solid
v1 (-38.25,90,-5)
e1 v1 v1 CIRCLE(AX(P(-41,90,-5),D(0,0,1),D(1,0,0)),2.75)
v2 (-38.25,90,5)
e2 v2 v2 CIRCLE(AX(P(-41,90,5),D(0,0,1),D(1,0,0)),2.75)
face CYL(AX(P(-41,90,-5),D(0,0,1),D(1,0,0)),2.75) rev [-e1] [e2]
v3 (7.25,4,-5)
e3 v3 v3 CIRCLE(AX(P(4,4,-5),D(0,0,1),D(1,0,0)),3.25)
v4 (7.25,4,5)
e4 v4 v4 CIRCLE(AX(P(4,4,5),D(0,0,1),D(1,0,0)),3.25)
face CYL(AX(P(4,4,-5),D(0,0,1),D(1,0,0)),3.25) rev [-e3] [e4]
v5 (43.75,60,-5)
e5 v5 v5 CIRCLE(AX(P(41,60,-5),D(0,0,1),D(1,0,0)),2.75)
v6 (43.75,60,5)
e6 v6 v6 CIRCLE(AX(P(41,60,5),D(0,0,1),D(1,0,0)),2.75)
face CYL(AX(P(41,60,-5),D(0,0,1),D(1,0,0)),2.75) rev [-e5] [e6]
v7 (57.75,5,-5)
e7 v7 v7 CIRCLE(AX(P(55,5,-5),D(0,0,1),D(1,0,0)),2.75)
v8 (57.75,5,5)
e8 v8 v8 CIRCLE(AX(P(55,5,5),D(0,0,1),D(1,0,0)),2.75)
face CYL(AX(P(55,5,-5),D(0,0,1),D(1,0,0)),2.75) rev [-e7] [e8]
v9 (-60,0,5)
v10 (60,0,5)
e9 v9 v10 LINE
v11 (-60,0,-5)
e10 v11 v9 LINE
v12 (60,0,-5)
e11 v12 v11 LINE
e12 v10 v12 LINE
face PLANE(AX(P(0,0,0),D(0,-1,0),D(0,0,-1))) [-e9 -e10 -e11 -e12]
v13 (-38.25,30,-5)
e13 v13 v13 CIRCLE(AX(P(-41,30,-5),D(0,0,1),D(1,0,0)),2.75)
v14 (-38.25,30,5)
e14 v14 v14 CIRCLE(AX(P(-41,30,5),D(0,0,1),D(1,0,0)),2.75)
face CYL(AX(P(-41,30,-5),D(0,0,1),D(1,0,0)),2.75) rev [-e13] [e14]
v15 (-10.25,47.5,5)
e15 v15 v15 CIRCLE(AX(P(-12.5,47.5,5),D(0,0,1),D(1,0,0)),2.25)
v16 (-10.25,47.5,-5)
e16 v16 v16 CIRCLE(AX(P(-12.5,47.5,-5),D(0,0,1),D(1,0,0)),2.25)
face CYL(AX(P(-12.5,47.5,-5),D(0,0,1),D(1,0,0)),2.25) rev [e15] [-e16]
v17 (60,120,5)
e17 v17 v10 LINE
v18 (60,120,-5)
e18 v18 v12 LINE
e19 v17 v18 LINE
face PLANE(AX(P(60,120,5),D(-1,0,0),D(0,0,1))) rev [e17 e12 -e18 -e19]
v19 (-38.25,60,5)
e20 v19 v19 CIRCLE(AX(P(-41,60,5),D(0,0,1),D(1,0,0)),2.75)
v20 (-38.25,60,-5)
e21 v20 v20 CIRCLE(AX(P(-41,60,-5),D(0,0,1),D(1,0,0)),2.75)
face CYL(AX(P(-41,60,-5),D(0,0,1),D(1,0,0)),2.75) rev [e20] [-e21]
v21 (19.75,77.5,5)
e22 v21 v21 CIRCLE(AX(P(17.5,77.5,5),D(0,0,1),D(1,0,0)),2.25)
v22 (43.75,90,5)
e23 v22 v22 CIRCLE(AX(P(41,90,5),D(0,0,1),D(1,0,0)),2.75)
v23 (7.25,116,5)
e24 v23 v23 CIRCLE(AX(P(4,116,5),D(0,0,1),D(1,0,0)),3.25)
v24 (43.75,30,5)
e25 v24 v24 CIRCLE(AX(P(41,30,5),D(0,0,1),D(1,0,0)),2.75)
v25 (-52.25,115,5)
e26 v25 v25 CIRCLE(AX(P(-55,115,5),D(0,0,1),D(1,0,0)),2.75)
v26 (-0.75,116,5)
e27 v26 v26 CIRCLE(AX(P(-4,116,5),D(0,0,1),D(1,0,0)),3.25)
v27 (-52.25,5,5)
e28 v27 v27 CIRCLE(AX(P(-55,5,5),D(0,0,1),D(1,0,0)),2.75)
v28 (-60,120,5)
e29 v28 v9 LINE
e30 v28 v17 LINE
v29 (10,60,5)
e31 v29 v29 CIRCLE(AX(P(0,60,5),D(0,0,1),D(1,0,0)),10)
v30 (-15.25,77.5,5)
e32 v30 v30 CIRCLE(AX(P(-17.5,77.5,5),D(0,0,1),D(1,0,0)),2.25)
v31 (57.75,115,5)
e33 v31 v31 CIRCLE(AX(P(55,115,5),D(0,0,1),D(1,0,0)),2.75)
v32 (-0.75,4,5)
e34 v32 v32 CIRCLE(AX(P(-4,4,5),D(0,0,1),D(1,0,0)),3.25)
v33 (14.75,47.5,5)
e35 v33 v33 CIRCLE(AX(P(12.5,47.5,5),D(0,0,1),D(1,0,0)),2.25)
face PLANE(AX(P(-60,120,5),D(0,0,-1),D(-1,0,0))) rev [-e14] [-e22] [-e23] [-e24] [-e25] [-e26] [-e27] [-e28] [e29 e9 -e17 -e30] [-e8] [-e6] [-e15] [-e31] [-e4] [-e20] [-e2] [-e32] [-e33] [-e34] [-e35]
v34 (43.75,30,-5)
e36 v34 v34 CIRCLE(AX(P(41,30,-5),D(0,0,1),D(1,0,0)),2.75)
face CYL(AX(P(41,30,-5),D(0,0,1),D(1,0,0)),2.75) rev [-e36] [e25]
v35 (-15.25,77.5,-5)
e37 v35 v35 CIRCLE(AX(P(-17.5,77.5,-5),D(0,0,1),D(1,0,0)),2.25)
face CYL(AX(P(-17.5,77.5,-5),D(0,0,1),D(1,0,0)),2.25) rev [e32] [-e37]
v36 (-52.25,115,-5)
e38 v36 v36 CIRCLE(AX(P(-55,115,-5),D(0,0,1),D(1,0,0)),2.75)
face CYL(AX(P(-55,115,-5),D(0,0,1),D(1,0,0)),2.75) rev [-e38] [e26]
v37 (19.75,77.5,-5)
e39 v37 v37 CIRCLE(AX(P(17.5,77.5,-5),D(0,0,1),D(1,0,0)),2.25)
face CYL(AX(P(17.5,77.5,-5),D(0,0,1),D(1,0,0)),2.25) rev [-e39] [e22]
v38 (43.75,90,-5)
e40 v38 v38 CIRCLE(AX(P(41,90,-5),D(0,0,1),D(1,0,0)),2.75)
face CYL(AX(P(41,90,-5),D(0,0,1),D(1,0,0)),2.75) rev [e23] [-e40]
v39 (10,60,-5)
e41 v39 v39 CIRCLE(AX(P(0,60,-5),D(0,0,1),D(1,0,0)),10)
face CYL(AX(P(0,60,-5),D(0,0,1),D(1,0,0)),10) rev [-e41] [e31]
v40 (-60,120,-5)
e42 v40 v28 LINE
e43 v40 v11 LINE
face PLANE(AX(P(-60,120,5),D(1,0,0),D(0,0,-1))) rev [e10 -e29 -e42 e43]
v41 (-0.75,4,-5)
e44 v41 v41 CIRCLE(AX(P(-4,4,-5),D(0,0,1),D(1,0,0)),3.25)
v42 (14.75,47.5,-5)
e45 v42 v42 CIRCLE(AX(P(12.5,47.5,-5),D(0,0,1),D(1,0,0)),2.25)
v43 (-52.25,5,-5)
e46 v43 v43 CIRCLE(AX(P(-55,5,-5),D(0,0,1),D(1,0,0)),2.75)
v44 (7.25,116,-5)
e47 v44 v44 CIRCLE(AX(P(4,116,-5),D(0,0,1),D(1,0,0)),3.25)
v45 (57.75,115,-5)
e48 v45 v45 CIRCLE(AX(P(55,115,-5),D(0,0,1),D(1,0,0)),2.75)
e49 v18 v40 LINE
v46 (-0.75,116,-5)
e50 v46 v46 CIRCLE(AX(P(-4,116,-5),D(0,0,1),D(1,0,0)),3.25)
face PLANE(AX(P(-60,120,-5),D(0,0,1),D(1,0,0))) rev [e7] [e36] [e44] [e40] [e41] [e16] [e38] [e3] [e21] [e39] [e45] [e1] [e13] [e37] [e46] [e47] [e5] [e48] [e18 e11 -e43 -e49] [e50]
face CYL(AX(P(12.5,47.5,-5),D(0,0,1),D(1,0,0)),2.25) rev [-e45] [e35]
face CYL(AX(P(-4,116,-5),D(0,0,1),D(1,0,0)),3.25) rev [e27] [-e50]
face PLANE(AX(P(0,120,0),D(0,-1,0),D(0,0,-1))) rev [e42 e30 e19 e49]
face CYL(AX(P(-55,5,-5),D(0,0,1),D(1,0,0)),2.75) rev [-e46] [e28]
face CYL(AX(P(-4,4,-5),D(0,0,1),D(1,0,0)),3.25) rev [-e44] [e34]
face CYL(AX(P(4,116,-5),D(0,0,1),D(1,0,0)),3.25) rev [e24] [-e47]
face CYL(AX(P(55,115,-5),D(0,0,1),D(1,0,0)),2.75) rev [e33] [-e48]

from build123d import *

# Parameters (mm, degrees)
SKETCH1_W           = 120
SKETCH1_H           = 10
BOSS_EXTRUDE1_DEPTH = 120
SKETCH2_R           = 2.25
SKETCH2_R_2         = 2.75
SKETCH2_R_3         = 10
SKETCH2_R_4         = 3.25
CUT_EXTRUDE1_DEPTH  = 10


with BuildPart() as part:
    # Sketch1 → Boss-Extrude1 (new body)
    with BuildSketch(Plane(origin=(0, 0, 0), x_dir=(1, 0, 0), z_dir=(0, 1, 0))):
        Rectangle(SKETCH1_W, SKETCH1_H)
    extrude(amount=BOSS_EXTRUDE1_DEPTH)

    # Sketch2 → Cut-Extrude1 (cut)
    with BuildSketch(Plane.XY.offset(5)):
        with Locations((-17.5, 77.5)):
            Circle(SKETCH2_R)
        with Locations((-12.5, 47.5)):
            Circle(SKETCH2_R)
        with Locations((12.5, 47.5)):
            Circle(SKETCH2_R)
        with Locations((17.5, 77.5)):
            Circle(SKETCH2_R)
        with Locations((55, 5)):
            Circle(SKETCH2_R_2)
        with Locations((55, 115)):
            Circle(SKETCH2_R_2)
        with Locations((0, 60)):
            Circle(SKETCH2_R_3)
        with Locations((-41, 90)):
            Circle(SKETCH2_R_2)
        with Locations((-41, 60)):
            Circle(SKETCH2_R_2)
        with Locations((-41, 30)):
            Circle(SKETCH2_R_2)
        with Locations((41, 30)):
            Circle(SKETCH2_R_2)
        with Locations((41, 60)):
            Circle(SKETCH2_R_2)
        with Locations((-4, 116)):
            Circle(SKETCH2_R_4)
        with Locations((4, 116)):
            Circle(SKETCH2_R_4)
        with Locations((41, 90)):
            Circle(SKETCH2_R_2)
        with Locations((-4, 4)):
            Circle(SKETCH2_R_4)
        with Locations((4, 4)):
            Circle(SKETCH2_R_4)
        with Locations((-55, 5)):
            Circle(SKETCH2_R_2)
        with Locations((-55, 115)):
            Circle(SKETCH2_R_2)
    extrude(amount=-CUT_EXTRUDE1_DEPTH, mode=Mode.SUBTRACT)


solid = part.part
